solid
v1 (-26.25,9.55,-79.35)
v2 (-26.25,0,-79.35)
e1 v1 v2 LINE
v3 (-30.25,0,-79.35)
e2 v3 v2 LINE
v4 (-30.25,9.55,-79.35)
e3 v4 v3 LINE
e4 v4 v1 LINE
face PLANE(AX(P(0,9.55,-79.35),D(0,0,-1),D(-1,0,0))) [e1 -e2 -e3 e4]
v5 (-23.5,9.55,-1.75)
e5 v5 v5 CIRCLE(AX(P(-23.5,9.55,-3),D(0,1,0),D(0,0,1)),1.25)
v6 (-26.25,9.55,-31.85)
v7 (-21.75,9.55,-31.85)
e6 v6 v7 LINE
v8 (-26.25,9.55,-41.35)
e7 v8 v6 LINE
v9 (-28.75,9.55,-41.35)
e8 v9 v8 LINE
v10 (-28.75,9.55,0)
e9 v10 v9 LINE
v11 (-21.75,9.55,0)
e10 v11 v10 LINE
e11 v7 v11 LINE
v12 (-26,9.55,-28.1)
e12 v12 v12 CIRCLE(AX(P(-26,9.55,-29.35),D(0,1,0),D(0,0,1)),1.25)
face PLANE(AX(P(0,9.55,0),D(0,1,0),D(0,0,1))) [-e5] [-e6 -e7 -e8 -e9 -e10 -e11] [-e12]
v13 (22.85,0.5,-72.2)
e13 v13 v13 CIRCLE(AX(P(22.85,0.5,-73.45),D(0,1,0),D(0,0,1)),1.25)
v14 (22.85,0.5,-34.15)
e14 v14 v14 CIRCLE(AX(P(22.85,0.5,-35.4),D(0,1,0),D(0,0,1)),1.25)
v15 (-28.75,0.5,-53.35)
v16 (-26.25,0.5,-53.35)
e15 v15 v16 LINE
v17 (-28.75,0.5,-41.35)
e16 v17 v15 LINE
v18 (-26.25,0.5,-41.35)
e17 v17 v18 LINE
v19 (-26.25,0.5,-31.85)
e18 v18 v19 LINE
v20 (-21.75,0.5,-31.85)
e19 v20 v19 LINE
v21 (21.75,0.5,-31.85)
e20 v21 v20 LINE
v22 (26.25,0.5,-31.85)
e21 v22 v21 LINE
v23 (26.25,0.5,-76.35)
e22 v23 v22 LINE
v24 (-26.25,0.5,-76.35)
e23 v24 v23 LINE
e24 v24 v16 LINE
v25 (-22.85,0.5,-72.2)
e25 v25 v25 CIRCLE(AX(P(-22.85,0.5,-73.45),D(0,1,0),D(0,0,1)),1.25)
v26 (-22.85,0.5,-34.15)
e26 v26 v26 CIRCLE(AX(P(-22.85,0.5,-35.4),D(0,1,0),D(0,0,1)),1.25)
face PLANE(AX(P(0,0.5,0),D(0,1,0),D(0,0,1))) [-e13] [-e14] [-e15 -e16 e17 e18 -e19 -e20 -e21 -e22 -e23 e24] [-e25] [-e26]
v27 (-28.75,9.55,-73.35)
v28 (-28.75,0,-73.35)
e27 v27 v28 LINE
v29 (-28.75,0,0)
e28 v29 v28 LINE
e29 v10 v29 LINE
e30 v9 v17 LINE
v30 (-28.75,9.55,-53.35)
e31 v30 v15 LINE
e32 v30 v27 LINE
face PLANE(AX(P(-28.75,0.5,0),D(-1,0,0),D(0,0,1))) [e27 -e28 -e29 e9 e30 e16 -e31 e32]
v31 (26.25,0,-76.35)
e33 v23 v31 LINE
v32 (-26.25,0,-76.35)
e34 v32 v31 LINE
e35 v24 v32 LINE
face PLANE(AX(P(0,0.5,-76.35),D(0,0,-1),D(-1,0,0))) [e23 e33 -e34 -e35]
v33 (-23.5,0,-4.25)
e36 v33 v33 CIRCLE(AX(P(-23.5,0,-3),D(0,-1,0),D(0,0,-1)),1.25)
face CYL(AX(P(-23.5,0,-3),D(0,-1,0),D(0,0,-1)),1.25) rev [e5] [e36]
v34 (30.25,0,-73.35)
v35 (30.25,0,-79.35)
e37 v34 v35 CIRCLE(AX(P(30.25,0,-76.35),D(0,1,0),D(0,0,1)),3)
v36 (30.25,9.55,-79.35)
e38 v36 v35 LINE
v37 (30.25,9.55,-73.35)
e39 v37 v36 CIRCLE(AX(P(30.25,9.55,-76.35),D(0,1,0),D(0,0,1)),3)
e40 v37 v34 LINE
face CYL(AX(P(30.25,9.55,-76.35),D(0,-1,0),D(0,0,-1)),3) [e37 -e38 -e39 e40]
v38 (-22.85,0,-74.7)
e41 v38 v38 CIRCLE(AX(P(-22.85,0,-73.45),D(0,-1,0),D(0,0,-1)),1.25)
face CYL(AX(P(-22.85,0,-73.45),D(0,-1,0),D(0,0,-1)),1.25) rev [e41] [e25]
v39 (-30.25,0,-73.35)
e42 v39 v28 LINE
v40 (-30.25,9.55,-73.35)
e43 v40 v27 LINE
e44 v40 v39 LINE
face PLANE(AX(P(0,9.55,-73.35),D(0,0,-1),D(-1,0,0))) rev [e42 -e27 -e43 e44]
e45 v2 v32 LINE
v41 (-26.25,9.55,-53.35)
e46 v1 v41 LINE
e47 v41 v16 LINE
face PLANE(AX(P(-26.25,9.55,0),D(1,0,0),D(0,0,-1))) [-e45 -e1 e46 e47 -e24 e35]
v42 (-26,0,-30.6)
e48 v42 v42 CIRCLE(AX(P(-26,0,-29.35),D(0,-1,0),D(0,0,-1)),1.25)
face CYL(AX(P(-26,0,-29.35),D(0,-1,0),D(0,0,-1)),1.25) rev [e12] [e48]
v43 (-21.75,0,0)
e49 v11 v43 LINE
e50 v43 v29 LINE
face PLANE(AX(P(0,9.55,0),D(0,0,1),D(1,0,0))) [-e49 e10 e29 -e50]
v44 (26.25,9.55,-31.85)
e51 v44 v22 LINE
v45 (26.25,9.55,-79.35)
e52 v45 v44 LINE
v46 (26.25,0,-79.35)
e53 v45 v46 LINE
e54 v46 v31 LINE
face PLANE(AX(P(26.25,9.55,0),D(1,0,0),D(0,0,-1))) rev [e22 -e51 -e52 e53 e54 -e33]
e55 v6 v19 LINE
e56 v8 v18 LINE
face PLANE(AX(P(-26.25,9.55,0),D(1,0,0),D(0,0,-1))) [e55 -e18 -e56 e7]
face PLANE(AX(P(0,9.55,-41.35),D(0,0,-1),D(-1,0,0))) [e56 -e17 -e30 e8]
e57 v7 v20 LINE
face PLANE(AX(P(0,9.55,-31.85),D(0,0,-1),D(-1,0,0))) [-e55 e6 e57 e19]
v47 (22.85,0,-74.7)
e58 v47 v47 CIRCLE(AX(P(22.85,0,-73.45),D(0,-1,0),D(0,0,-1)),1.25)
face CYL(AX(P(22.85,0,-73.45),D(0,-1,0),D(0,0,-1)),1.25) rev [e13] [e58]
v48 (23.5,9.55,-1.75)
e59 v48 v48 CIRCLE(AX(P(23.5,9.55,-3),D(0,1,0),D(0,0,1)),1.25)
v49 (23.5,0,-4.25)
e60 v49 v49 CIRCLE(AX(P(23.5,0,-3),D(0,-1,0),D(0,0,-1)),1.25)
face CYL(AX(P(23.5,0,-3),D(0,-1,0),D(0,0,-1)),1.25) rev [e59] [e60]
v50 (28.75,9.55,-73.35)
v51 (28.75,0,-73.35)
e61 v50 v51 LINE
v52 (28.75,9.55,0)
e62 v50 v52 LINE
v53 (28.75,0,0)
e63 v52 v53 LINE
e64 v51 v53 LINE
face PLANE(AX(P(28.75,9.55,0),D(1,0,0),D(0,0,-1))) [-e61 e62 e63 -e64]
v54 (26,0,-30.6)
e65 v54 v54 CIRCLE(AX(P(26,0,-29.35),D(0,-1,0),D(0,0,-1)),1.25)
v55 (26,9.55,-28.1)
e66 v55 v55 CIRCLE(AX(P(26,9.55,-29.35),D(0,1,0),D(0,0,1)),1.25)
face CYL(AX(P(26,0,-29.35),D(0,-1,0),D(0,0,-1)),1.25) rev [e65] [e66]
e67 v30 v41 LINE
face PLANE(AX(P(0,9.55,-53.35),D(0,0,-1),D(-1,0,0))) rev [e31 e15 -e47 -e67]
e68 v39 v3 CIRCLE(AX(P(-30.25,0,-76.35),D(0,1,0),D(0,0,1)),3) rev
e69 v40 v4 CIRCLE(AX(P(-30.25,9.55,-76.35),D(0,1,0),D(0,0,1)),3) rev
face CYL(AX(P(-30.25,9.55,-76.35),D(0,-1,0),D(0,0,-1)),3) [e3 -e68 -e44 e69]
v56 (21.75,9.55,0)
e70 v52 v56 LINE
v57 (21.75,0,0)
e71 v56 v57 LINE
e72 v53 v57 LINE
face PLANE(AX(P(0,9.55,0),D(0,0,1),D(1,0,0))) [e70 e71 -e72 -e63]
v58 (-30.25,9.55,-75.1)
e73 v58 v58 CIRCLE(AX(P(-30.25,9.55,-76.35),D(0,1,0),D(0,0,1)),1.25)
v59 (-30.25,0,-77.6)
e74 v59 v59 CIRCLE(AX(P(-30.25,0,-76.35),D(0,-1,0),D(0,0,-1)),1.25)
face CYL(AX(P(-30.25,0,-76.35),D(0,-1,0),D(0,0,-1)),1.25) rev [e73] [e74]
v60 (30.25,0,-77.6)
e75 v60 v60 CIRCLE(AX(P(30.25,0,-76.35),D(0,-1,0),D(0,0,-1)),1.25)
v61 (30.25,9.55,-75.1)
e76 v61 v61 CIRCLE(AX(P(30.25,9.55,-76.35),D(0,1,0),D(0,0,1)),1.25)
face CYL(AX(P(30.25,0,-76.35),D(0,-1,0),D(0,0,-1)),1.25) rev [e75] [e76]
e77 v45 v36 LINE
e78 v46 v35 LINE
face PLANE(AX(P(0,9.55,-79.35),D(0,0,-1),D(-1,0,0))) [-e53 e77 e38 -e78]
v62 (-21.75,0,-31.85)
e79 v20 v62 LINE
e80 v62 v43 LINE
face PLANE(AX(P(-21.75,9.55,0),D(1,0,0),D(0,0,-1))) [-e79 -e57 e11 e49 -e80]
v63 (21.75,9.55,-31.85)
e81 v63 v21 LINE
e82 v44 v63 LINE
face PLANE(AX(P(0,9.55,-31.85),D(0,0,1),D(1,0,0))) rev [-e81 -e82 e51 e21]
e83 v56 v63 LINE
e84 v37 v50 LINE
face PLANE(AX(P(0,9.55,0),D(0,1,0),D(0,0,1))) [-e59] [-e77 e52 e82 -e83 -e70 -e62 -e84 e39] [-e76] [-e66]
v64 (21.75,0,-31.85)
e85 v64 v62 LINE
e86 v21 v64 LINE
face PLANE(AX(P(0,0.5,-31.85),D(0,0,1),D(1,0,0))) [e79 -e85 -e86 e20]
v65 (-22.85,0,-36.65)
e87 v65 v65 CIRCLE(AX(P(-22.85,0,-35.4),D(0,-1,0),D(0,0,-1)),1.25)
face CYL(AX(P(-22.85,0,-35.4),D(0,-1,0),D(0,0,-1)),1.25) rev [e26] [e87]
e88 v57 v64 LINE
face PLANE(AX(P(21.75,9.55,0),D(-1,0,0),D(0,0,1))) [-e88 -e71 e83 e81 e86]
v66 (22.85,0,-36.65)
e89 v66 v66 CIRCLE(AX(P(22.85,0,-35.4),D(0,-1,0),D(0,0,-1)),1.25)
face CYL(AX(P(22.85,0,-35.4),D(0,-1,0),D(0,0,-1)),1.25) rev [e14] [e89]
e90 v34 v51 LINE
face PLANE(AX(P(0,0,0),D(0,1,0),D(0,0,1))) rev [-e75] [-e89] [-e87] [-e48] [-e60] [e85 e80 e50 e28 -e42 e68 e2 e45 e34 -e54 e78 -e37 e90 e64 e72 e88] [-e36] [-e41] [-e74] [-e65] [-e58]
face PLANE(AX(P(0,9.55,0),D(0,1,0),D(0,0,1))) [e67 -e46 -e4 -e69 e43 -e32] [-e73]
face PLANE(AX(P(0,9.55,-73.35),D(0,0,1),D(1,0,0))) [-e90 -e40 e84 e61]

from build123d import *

# Parameters (mm, degrees)
BOSS_EXTRUDE1_DEPTH            = 0.5
BOSS_EXTRUDE2_DEPTH            = 9.55
F_2_5_2_5_DIAMETER_HOLE1_D     = 2.5
F_2_5_2_5_DIAMETER_HOLE1_DEPTH = 12
F_2_5_2_5_DIAMETER_HOLE1_TIP   = 0.751075774


with BuildPart() as part:
    # Sketch1 → Boss-Extrude1 (new body)
    with BuildSketch(Plane(origin=(0, 0, 0), x_dir=(1, 0, 0), z_dir=(0, 1, 0))):
        Polygon((26.25, 31.85), (26.25, 76.35), (-26.25, 76.35), (-26.25, 53.35), (-28.75, 53.35), (-28.75, 41.35), (-26.25, 41.35), (-26.25, 31.85), align=None)
    extrude(amount=BOSS_EXTRUDE1_DEPTH)

    # Sketch1<3> → Boss-Extrude2 (add)
    with BuildSketch(Plane(origin=(0, 0, 0), x_dir=(1, 0, 0), z_dir=(0, 1, 0))):
        with BuildLine():
            Line((-26.25, 79.35), (-30.25, 79.35))
            ThreePointArc((-30.25, 79.35), (-33.25, 76.35), (-30.25, 73.35))
            Line((-30.25, 73.35), (-28.75, 73.35))
            Line((-28.75, 73.35), (-28.75, 53.35))
            Line((-28.75, 53.35), (-26.25, 53.35))
            Line((-26.25, 53.35), (-26.25, 79.35))
        make_face()
        with BuildLine():
            Line((26.25, 79.35), (26.25, 31.85))
            Line((26.25, 31.85), (21.75, 31.85))
            Line((21.75, 31.85), (21.75, 0))
            Line((21.75, 0), (28.75, 0))
            Line((28.75, 0), (28.75, 73.35))
            Line((28.75, 73.35), (30.25, 73.35))
            ThreePointArc((30.25, 73.35), (33.25, 76.35), (30.25, 79.35))
            Line((30.25, 79.35), (26.25, 79.35))
        make_face()
        Polygon((-26.25, 31.85), (-26.25, 41.35), (-28.75, 41.35), (-28.75, 0), (-21.75, 0), (-21.75, 31.85), align=None)
    extrude(amount=BOSS_EXTRUDE2_DEPTH)

    # Ø2.5 (2.5) Diameter Hole1
    with Locations(Plane(origin=(0, 0, 0), x_dir=(-1, 0, 0), z_dir=(0, -1, 0))):
        with Locations((-22.85, 73.45), (22.85, 73.45), (26, 29.35), (22.85, 35.4), (-22.85, 35.4), (-26, 29.35), (-23.5, 3), (23.5, 3), (-30.25, 76.35), (30.25, 76.35)):
            Hole(F_2_5_2_5_DIAMETER_HOLE1_D / 2, depth=F_2_5_2_5_DIAMETER_HOLE1_DEPTH)
            with Locations((0, 0, -(F_2_5_2_5_DIAMETER_HOLE1_DEPTH + F_2_5_2_5_DIAMETER_HOLE1_TIP / 2))):  # 118° drill point
                Cone(0, F_2_5_2_5_DIAMETER_HOLE1_D / 2, F_2_5_2_5_DIAMETER_HOLE1_TIP, mode=Mode.SUBTRACT)


solid = part.part
